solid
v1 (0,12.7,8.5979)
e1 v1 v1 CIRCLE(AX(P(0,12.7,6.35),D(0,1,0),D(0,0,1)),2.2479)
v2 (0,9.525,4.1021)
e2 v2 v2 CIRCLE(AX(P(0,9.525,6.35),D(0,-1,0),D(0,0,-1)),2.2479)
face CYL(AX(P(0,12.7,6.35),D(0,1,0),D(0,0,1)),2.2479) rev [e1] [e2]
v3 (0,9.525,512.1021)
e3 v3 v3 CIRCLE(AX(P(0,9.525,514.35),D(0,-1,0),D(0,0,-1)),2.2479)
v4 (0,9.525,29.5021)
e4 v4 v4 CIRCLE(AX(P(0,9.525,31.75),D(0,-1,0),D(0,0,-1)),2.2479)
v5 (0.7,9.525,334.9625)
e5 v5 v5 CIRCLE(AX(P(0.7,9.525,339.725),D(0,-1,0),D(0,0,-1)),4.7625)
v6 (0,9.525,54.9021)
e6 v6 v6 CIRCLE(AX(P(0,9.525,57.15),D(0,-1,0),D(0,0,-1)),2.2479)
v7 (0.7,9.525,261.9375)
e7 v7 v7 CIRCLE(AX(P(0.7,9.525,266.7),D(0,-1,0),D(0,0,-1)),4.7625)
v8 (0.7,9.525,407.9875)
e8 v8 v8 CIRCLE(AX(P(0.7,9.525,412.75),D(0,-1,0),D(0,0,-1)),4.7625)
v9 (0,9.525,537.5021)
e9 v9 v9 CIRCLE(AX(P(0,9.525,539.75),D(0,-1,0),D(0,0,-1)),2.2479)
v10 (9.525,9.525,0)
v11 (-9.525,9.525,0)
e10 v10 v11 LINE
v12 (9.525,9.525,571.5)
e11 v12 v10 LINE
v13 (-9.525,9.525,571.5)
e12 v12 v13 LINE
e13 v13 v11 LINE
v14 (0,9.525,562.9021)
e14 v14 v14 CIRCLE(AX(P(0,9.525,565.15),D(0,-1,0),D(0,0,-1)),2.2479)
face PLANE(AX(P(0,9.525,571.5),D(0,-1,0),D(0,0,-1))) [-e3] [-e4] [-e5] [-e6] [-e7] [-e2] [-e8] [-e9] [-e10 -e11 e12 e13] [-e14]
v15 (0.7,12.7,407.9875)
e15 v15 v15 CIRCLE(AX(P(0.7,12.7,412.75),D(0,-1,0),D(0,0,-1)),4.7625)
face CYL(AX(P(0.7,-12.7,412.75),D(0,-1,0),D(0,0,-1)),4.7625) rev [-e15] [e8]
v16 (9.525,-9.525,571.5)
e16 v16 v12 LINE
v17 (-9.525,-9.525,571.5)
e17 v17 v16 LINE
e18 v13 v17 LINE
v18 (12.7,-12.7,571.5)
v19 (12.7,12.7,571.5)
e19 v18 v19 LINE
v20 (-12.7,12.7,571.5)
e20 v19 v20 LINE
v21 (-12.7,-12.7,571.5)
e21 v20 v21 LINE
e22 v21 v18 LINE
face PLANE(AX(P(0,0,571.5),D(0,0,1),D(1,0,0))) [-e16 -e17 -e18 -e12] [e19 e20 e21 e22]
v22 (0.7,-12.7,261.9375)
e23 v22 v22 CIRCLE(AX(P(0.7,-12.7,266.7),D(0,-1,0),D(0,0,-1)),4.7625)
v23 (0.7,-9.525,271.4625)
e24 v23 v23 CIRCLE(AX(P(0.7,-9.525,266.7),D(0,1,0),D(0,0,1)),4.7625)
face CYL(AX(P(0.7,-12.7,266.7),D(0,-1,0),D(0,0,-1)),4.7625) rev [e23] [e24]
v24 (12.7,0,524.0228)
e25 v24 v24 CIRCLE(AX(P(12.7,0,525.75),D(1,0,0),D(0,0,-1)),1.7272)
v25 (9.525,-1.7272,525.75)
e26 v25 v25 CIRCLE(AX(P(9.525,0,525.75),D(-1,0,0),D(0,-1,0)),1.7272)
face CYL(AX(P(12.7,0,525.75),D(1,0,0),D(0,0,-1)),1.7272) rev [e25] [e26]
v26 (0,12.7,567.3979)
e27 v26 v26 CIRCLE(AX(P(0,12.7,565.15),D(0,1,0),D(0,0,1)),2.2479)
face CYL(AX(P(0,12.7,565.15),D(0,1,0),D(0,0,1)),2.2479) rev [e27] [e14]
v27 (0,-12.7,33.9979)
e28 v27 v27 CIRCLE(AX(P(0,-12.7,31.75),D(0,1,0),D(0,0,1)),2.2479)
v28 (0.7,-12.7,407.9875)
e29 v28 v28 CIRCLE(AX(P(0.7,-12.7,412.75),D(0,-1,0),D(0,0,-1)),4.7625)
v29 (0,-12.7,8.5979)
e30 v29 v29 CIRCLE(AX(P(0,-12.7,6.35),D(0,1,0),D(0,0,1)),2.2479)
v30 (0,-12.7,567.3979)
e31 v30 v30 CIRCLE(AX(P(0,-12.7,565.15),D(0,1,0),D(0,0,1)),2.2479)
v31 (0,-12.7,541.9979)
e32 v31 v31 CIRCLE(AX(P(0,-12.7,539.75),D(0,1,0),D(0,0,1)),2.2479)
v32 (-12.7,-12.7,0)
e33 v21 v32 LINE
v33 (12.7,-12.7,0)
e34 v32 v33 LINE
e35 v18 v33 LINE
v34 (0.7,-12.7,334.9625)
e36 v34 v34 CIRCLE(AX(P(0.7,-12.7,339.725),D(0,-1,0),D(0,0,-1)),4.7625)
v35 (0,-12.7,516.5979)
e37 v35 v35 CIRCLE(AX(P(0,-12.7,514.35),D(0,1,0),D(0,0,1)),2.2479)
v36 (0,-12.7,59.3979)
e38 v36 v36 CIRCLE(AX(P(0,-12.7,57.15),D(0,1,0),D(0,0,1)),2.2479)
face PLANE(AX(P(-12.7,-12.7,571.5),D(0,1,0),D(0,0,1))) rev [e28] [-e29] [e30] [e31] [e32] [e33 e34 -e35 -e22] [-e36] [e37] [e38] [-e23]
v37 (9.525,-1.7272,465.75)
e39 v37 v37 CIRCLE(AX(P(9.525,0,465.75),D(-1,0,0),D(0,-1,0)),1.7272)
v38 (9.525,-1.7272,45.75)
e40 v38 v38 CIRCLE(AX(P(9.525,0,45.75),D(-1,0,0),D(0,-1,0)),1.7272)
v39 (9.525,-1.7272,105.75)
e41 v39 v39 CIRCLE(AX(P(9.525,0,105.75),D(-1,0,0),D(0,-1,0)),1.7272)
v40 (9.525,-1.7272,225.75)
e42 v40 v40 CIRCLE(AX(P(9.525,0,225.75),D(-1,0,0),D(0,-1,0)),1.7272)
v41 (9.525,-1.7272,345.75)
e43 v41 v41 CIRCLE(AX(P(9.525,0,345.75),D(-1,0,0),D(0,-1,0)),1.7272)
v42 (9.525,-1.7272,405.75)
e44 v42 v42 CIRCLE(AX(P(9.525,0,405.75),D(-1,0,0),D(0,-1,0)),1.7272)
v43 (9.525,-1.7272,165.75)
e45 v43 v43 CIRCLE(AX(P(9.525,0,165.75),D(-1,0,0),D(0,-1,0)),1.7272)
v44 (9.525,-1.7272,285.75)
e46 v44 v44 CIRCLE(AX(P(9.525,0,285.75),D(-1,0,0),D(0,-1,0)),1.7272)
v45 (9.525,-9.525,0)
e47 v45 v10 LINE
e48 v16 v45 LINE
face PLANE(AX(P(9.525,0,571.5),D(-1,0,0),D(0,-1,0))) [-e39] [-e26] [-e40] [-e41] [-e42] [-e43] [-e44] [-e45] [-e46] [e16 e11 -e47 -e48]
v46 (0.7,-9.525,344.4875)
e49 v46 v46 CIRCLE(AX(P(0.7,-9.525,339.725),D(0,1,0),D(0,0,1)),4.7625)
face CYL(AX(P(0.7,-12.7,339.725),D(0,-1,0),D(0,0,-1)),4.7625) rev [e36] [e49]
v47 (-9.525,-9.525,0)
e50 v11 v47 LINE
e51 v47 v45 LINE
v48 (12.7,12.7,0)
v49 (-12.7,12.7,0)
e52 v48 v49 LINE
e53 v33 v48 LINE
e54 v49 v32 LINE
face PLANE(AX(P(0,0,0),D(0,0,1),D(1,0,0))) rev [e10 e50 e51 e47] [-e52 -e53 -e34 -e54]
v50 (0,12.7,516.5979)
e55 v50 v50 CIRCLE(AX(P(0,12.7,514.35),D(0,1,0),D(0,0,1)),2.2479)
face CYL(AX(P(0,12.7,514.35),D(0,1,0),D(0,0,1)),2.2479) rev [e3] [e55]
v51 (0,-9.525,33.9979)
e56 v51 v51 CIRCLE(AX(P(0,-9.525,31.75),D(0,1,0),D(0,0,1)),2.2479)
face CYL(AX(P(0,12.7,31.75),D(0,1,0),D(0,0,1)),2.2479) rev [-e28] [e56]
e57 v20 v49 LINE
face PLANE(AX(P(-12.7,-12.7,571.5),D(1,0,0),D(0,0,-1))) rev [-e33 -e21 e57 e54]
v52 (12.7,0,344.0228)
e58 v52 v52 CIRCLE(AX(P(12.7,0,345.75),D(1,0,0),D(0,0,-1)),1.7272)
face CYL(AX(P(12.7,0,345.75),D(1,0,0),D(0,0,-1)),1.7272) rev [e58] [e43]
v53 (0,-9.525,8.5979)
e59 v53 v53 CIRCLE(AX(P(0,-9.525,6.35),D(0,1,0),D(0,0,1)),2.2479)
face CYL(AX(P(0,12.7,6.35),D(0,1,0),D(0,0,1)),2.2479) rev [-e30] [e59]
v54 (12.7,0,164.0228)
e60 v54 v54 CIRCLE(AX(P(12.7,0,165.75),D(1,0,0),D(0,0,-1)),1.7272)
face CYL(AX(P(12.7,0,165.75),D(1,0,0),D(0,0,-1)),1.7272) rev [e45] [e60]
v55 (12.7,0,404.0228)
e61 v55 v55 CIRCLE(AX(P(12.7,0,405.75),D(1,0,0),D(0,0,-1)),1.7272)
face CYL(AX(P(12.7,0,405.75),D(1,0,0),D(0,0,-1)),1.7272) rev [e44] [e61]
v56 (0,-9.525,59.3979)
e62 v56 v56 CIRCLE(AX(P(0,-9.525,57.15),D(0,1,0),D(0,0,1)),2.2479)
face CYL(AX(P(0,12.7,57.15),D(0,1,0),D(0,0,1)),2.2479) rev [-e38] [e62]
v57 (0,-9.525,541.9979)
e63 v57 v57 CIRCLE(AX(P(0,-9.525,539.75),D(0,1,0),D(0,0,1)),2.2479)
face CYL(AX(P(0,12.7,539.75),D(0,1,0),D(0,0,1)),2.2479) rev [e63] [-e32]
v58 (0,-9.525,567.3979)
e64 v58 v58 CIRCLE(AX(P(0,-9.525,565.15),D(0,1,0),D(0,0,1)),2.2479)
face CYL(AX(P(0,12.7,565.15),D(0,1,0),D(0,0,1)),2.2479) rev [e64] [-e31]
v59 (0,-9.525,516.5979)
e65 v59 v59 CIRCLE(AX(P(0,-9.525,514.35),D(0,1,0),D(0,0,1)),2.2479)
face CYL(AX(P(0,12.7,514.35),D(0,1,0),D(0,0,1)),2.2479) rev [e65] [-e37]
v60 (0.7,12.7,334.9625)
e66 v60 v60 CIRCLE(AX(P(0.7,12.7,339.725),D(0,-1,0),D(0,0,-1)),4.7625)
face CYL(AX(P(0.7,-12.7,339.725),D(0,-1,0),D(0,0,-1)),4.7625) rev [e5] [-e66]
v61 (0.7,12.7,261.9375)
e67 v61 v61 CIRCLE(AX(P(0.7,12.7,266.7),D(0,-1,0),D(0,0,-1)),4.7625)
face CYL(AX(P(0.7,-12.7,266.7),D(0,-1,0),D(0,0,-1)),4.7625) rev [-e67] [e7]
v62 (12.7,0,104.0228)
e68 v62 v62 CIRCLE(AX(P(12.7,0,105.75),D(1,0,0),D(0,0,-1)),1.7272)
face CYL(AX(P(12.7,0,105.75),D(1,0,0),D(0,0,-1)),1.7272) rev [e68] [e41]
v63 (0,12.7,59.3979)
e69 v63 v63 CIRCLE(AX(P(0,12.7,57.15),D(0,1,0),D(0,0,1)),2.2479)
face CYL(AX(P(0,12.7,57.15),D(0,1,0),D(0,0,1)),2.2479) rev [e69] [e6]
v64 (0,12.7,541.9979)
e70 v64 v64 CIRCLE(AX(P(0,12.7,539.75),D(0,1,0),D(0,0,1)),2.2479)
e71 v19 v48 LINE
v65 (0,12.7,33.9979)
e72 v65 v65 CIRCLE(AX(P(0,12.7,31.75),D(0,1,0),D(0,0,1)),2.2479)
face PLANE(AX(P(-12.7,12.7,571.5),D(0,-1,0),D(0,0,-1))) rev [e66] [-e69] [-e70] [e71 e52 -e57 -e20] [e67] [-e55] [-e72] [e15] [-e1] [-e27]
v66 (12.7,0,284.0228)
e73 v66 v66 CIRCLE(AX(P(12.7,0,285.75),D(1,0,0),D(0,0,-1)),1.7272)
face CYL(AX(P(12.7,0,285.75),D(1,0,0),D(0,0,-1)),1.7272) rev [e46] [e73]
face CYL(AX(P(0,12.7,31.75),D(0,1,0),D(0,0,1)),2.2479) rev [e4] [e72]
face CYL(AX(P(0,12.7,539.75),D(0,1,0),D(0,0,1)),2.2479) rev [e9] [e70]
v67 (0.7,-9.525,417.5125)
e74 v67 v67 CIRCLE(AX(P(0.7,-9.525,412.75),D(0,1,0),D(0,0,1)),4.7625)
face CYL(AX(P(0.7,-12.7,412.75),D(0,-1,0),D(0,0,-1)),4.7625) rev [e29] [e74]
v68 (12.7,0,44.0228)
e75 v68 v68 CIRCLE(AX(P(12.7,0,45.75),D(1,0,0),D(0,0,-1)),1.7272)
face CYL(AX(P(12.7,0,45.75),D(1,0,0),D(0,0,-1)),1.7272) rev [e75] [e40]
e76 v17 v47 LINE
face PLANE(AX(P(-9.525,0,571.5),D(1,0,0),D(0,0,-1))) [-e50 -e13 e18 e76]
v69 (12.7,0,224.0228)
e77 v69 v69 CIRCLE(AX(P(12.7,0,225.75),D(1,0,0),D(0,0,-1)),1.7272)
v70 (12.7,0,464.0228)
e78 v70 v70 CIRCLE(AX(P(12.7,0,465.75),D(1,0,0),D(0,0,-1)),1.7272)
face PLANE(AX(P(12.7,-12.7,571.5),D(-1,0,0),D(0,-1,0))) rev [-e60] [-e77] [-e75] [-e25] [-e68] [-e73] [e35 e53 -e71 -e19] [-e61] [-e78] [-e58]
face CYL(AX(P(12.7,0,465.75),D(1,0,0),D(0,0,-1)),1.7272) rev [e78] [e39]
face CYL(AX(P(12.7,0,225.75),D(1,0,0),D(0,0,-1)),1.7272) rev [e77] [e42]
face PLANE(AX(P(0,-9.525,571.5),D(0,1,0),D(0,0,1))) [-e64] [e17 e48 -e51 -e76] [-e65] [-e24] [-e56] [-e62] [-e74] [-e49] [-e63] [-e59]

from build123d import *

# Parameters (mm, degrees)
SKETCH1_W                    = 25.4
SKETCH1_H                    = 25.4
SKETCH1_W_2                  = 19.05
SKETCH1_H_2                  = 19.05
EXTRUDE_THIN1_DEPTH          = 571.5
F_8_CLEARANCE_HOLE1_D        = 4.4958
F_8_32_TAPPED_HOLE1_D        = 3.4544
F_8_32_TAPPED_HOLE1_DEPTH    = 10.70864
F_8_32_TAPPED_HOLE1_TIP      = 1.037806461
F_3_8_0_375_DIAMETER_HOLE2_D = 9.525


with BuildPart() as part:
    # Sketch1 → Extrude-Thin1 (new body)
    with BuildSketch(Plane.XY):
        Rectangle(SKETCH1_W, SKETCH1_H)
        Rectangle(SKETCH1_W_2, SKETCH1_H_2, mode=Mode.SUBTRACT)
    extrude(amount=EXTRUDE_THIN1_DEPTH)

    # #8 Clearance Hole1 (through all)
    with Locations(Plane(origin=(0, 12.7, 565.15), x_dir=(0, 0, 1), z_dir=(0, 1, 0))):
        with Locations((0, 0), (-558.8, 0), (-533.4, 0), (-508, 0), (-25.4, 0), (-50.8, 0)):
            Hole(F_8_CLEARANCE_HOLE1_D / 2)

    # #8-32 Tapped Hole1
    with Locations(Plane(origin=(12.7, 82.55, 285.75), x_dir=(0, 0, 1), z_dir=(1, 0, 0))):
        with Locations((-300, 82.55), (-240, 82.55), (-180, 82.55), (-60, 82.55), (0, 82.55), (60, 82.55), (120, 82.55), (180, 82.55), (240, 82.55), (-120, 82.55), (-360, 82.55), (300, 82.55), (360, 82.55)):
            Hole(F_8_32_TAPPED_HOLE1_D / 2, depth=F_8_32_TAPPED_HOLE1_DEPTH)
            with Locations((0, 0, -(F_8_32_TAPPED_HOLE1_DEPTH + F_8_32_TAPPED_HOLE1_TIP / 2))):  # 118° drill point
                Cone(0, F_8_32_TAPPED_HOLE1_D / 2, F_8_32_TAPPED_HOLE1_TIP, mode=Mode.SUBTRACT)

    # 3/8 (0.375) Diameter Hole2 (through all)
    with Locations(Plane(origin=(-346.075, -12.7, 285.75), x_dir=(0, 0, 1), z_dir=(0, -1, 0))):
        with Locations((-92.583, 346.075), (-35.433, 346.075), (35.814, 346.075), (92.964, 346.075), (-19.05, -346.775), (53.975, -346.775), (127, -346.775), (-381, -114.3), (-381, -130.175), (-381, -146.05), (-381, 114.3), (-381, 98.425), (-381, 82.55)):
            Hole(F_3_8_0_375_DIAMETER_HOLE2_D / 2)


solid = part.part
